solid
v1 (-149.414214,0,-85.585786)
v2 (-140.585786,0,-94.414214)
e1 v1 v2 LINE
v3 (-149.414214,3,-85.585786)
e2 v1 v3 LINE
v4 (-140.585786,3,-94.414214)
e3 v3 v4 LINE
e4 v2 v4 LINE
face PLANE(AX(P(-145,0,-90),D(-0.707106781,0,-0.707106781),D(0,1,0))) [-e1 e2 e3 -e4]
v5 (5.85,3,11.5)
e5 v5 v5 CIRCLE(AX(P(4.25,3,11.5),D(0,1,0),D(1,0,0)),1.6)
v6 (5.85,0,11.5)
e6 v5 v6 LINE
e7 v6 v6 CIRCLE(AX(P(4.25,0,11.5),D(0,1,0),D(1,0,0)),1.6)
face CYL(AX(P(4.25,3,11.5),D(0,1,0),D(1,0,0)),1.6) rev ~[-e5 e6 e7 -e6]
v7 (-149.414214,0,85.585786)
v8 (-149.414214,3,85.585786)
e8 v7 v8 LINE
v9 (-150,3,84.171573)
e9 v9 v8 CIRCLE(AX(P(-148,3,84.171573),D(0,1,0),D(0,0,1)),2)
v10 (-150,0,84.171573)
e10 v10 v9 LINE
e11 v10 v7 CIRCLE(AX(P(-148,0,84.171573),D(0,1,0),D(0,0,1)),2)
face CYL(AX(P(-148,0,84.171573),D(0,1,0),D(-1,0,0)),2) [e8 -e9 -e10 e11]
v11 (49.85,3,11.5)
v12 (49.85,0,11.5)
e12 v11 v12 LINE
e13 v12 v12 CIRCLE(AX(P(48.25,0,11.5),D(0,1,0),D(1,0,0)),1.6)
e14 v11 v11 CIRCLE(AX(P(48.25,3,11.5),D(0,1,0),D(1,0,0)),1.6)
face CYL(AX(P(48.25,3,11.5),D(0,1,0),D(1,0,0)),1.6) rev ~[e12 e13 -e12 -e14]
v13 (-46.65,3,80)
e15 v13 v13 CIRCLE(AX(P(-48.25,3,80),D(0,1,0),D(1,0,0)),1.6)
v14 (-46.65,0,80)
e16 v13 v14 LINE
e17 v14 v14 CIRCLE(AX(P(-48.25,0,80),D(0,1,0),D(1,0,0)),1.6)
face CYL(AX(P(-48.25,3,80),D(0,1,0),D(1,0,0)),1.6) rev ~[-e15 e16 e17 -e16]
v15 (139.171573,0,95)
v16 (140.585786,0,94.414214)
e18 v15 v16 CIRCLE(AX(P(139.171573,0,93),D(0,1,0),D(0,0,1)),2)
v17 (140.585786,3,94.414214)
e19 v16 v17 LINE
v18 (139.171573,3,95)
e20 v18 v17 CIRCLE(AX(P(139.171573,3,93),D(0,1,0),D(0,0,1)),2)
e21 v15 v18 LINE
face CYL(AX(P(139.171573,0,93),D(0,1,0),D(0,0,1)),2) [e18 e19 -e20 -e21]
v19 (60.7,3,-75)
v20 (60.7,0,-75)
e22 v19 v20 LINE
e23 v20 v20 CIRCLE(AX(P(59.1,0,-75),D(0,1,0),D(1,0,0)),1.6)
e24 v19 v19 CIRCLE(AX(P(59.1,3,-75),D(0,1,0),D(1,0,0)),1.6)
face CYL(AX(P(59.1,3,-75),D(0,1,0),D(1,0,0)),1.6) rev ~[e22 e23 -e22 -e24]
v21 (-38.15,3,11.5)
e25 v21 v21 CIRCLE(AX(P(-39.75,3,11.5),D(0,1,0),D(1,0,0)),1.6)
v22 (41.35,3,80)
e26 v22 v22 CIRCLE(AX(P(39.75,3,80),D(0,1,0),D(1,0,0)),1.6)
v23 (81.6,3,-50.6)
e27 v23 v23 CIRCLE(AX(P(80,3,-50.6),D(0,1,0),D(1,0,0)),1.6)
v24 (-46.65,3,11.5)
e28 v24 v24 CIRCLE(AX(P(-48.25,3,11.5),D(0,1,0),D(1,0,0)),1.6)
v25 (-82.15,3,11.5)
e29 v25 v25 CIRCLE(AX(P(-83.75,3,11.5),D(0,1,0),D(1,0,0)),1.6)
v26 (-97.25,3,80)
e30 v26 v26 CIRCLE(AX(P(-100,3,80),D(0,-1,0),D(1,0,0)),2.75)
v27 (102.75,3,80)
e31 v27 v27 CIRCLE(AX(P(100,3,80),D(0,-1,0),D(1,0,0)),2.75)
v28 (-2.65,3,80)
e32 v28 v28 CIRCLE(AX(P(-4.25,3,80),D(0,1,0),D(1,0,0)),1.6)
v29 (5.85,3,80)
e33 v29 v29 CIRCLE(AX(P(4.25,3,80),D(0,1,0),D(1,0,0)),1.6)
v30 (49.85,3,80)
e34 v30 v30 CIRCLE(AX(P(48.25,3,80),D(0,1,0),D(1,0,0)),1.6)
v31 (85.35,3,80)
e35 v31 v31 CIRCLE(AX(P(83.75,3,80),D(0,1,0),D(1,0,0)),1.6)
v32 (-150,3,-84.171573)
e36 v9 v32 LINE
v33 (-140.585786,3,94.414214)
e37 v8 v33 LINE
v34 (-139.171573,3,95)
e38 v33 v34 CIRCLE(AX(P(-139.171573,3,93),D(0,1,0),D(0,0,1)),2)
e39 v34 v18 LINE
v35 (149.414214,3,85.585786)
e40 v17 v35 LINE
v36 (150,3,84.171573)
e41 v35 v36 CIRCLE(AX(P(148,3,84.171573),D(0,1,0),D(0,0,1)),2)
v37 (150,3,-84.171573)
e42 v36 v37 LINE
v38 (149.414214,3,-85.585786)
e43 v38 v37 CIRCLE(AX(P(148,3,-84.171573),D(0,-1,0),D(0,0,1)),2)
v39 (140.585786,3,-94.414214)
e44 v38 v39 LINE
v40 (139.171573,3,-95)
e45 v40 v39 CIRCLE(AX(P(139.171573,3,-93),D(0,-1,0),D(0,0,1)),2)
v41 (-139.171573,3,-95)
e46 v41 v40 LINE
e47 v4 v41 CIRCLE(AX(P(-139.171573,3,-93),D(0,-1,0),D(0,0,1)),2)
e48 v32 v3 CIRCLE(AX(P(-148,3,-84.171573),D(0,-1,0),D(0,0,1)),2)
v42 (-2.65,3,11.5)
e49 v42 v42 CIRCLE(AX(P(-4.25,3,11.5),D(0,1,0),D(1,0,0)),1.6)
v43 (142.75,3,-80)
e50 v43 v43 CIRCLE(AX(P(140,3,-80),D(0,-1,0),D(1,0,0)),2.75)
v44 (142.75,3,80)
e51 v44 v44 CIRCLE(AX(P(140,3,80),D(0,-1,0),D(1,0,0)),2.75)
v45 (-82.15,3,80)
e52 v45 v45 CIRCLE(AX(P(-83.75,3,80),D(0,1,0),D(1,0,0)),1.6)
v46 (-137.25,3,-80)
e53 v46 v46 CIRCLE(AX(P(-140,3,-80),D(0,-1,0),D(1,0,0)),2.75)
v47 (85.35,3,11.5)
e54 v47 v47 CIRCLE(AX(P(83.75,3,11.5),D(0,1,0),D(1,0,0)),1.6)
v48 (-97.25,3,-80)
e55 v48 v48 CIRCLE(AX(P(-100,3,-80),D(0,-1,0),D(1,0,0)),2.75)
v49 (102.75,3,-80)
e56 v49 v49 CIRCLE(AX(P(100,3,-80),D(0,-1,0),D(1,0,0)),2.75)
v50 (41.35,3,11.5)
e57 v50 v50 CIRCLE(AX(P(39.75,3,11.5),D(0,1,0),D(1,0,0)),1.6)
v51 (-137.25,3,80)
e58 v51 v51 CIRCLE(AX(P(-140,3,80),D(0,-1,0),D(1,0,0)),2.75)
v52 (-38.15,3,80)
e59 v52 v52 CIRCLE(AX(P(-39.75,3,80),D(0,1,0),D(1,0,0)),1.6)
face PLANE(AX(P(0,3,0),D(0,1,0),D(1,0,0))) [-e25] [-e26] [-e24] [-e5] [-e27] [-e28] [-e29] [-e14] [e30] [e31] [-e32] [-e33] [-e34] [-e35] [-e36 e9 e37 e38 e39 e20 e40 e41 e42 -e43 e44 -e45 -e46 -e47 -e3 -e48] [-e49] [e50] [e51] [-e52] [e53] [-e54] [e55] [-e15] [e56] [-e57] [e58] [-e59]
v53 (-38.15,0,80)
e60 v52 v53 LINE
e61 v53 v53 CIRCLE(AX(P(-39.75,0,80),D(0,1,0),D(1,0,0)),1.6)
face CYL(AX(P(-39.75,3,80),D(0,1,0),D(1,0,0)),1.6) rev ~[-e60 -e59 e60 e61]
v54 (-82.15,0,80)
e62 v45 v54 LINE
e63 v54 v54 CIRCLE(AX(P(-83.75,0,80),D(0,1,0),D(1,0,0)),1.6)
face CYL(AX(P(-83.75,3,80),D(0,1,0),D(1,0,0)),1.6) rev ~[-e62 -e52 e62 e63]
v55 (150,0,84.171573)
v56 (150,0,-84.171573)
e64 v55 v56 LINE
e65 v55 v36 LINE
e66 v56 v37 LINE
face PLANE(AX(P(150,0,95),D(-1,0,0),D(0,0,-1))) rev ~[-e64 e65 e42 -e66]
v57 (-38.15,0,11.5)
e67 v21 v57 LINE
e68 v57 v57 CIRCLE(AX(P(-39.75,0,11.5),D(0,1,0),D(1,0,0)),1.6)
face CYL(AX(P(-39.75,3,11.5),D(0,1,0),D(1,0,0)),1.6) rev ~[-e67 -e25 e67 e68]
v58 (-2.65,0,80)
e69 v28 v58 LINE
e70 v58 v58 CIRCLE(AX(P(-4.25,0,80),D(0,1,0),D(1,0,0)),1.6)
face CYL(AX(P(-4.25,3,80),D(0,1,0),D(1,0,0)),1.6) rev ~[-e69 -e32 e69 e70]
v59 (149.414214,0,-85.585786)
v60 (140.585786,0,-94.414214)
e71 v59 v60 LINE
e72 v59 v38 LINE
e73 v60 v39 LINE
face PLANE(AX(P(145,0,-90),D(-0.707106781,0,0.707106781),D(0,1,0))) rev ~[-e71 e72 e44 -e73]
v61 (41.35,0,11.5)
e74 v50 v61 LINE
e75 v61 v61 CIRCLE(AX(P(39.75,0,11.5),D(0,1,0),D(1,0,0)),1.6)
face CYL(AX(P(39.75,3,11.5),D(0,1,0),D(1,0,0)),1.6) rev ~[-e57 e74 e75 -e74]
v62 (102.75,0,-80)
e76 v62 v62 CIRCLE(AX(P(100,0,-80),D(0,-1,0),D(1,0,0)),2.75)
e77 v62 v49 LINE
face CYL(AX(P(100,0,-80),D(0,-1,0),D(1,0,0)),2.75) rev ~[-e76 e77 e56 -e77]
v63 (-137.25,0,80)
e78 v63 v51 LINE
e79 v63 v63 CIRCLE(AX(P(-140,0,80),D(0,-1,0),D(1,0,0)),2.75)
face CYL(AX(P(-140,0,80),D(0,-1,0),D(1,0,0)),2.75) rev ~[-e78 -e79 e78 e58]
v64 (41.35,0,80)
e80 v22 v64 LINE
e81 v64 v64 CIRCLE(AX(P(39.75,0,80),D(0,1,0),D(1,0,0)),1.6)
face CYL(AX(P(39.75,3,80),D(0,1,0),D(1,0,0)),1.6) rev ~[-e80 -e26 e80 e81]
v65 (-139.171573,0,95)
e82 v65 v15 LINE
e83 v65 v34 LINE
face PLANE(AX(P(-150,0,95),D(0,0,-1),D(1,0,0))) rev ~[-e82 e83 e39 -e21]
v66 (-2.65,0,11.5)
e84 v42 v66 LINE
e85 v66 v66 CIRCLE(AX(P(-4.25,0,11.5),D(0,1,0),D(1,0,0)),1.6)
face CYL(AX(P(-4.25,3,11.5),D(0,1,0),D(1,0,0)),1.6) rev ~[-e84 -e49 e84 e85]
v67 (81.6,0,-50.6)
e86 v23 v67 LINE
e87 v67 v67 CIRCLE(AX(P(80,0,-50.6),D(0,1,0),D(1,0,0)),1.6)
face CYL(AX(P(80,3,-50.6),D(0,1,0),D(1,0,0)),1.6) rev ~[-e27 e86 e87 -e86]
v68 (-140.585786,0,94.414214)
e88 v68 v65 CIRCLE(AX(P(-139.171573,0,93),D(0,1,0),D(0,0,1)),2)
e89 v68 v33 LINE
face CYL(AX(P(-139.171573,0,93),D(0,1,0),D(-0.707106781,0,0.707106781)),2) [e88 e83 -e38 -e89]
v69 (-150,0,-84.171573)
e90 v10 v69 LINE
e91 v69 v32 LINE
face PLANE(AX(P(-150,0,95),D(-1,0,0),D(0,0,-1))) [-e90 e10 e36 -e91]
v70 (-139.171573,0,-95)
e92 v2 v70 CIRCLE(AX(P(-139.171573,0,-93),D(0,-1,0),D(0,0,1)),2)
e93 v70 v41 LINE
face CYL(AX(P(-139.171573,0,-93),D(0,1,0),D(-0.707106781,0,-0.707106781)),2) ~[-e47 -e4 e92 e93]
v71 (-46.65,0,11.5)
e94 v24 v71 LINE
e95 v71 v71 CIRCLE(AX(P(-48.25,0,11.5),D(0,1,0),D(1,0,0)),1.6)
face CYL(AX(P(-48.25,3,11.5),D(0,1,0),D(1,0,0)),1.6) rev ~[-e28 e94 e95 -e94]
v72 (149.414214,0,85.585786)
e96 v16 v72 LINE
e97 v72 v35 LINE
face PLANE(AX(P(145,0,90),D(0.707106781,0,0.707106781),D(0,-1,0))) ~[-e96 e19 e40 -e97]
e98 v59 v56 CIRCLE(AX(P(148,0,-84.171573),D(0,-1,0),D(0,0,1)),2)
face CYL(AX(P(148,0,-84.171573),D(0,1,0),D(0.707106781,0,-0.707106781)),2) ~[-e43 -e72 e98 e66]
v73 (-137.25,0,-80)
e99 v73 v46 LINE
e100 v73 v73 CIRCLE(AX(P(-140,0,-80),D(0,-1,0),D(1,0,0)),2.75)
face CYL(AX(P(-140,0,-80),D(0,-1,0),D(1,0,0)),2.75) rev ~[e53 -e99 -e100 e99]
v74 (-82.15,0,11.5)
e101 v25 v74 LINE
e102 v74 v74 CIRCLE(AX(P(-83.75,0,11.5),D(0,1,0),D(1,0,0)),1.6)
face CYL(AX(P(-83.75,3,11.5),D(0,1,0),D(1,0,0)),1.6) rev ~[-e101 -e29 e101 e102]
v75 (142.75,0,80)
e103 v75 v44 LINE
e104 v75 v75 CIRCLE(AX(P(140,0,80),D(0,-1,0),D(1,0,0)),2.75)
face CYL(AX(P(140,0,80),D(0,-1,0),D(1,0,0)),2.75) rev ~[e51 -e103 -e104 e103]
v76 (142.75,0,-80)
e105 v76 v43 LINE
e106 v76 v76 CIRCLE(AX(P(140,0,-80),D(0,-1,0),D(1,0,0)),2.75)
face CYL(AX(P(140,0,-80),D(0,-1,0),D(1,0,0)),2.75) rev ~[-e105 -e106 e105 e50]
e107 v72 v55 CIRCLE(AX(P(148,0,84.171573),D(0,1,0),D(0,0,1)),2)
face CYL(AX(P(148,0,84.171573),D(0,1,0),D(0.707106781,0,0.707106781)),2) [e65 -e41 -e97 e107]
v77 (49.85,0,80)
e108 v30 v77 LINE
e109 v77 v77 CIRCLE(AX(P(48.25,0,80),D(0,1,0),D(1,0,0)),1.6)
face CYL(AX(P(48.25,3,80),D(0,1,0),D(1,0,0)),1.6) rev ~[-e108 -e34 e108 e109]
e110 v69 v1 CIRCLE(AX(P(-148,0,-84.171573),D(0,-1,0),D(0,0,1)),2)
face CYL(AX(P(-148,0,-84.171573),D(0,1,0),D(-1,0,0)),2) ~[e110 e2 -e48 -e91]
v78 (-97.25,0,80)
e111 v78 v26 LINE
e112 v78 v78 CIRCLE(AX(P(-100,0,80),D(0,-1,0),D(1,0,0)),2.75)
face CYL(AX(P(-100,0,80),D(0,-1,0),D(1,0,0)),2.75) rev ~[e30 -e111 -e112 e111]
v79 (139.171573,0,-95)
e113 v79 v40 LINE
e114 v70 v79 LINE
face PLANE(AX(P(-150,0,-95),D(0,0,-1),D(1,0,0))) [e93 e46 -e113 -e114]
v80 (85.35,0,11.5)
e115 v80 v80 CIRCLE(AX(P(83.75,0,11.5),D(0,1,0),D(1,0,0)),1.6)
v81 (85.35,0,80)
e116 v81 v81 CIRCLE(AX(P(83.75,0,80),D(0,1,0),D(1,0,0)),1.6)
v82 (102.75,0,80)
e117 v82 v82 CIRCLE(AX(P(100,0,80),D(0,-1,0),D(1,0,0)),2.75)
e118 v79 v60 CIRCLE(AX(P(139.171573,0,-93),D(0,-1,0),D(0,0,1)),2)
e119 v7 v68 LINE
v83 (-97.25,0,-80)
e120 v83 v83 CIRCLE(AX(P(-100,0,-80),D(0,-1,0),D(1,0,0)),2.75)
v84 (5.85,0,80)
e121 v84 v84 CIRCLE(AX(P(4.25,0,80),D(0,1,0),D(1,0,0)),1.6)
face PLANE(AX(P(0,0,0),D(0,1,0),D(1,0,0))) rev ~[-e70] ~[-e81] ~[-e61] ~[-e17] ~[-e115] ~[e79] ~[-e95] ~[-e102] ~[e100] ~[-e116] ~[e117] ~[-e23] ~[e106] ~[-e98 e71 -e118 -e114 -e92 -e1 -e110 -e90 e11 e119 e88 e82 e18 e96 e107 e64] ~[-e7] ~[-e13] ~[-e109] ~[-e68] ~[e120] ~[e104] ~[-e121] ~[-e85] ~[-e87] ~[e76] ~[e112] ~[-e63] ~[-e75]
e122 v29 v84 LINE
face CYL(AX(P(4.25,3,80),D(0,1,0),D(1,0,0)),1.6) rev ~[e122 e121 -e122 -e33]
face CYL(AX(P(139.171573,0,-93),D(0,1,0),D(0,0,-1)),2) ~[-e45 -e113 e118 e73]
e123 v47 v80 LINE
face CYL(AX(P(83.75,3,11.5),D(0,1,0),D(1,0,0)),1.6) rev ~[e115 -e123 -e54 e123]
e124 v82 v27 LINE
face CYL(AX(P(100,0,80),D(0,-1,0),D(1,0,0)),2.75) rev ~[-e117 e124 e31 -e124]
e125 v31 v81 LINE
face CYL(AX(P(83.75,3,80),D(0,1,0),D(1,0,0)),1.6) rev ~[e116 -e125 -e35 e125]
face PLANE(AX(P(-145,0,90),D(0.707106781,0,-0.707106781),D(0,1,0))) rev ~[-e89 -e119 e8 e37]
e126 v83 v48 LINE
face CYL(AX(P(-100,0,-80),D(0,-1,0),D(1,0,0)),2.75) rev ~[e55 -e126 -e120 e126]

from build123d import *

# Parameters (mm, degrees)
ESQUISSE1_W                     = 300
ESQUISSE1_H                     = 190
BOSS_EXTRU_1_DEPTH              = 3
CHANFREIN1_SIZE                 = 10
CONG_1_R                        = 2
ESQUISSE2_R                     = 2.75
ENL_V_MAT_EXTRU_1_DEPTH         = 4
R_P_TITION_LIN_AIRE1_COUNT      = 2
R_P_TITION_LIN_AIRE1_PITCH      = 240
R_P_TITION_LIN_AIRE1_COUNT_DIR2 = 2
R_P_TITION_LIN_AIRE1_PITCH_DIR2 = 160
ESQUISSE3_R                     = 1.6
ENL_V_MAT_EXTRU_2_DEPTH         = 4
R_P_TITION_LIN_AIRE2_COUNT      = 4
R_P_TITION_LIN_AIRE2_PITCH      = 44
ESQUISSE4_R                     = 1.6
ESQUISSE4_R_2                   = 2.75
ENL_V_MAT_EXTRU_3_DEPTH         = 10


with BuildPart() as part:
    # Esquisse1 → Boss.-Extru.1 (new body)
    with BuildSketch(Plane(origin=(0, 0, 0), x_dir=(1, 0, 0), z_dir=(0, 1, 0))):
        Rectangle(ESQUISSE1_W, ESQUISSE1_H)
    extrude(amount=BOSS_EXTRU_1_DEPTH)

    # Chanfrein1
    chanfrein1_edges = [part.edges().sort_by_distance(p)[0] for p in [
        (150, 1.5, 95),
        (-150, 1.5, 95),
        (-150, 1.5, -95),
        (150, 1.5, -95),
    ]]
    chamfer(chanfrein1_edges, length=CHANFREIN1_SIZE)

    # Congé1
    cong_1_edges = [part.edges().sort_by_distance(p)[0] for p in [
        (140, 1.5, 95),
        (-140, 1.5, 95),
        (-150, 1.5, -85),
        (-150, 1.5, 85),
        (150, 1.5, -85),
        (150, 1.5, 85),
        (-140, 1.5, -95),
        (140, 1.5, -95),
    ]]
    fillet(cong_1_edges, radius=CONG_1_R)

    # Esquisse2 → Enlèv. mat.-Extru.1 (cut, through all)
    with BuildSketch(Plane.XZ):
        with Locations((-140, 80)):
            Circle(ESQUISSE2_R)
        with Locations((-100, 80)):
            Circle(ESQUISSE2_R)
    enl_v_mat_extru_1 = extrude(amount=-ENL_V_MAT_EXTRU_1_DEPTH, mode=Mode.SUBTRACT)

    # Répétition linéaire1: Enl_v. mat.-Extru.1 2 × 2
    with Locations(*[(i * R_P_TITION_LIN_AIRE1_PITCH, 0, -j * R_P_TITION_LIN_AIRE1_PITCH_DIR2) for i in range(R_P_TITION_LIN_AIRE1_COUNT) for j in range(R_P_TITION_LIN_AIRE1_COUNT_DIR2) if (i, j) != (0, 0)]):
        add(enl_v_mat_extru_1, mode=Mode.SUBTRACT)

    # Esquisse3 → Enlèv. mat.-Extru.2 (cut, through all)
    with BuildSketch(Plane(origin=(0, 3, 0), x_dir=(1, 0, 0), z_dir=(0, 1, 0))):
        with Locations((-83.75, -80)):
            Circle(ESQUISSE3_R)
        with Locations((-48.25, -80)):
            Circle(ESQUISSE3_R)
        with Locations((-83.75, -11.5)):
            Circle(ESQUISSE3_R)
        with Locations((-48.25, -11.5)):
            Circle(ESQUISSE3_R)
    enl_v_mat_extru_2 = extrude(amount=-ENL_V_MAT_EXTRU_2_DEPTH, mode=Mode.SUBTRACT)

    # Répétition linéaire2: Enlèv. mat.-Extru.2 ×4
    with Locations(*[(i * R_P_TITION_LIN_AIRE2_PITCH, 0, 0) for i in range(1, R_P_TITION_LIN_AIRE2_COUNT)]):
        add(enl_v_mat_extru_2, mode=Mode.SUBTRACT)

    # Esquisse4 → Enlèv. mat.-Extru.3 (cut)
    with BuildSketch(Plane(origin=(0, 3, 0), x_dir=(1, 0, 0), z_dir=(0, 1, 0))):
        with Locations((59.1, 75)):
            Circle(ESQUISSE4_R)
        with Locations((80, 50.6)):
            Circle(ESQUISSE4_R)
        with Locations((100, 80)):
            Circle(ESQUISSE4_R_2)
    extrude(amount=-ENL_V_MAT_EXTRU_3_DEPTH, mode=Mode.SUBTRACT)


solid = part.part
